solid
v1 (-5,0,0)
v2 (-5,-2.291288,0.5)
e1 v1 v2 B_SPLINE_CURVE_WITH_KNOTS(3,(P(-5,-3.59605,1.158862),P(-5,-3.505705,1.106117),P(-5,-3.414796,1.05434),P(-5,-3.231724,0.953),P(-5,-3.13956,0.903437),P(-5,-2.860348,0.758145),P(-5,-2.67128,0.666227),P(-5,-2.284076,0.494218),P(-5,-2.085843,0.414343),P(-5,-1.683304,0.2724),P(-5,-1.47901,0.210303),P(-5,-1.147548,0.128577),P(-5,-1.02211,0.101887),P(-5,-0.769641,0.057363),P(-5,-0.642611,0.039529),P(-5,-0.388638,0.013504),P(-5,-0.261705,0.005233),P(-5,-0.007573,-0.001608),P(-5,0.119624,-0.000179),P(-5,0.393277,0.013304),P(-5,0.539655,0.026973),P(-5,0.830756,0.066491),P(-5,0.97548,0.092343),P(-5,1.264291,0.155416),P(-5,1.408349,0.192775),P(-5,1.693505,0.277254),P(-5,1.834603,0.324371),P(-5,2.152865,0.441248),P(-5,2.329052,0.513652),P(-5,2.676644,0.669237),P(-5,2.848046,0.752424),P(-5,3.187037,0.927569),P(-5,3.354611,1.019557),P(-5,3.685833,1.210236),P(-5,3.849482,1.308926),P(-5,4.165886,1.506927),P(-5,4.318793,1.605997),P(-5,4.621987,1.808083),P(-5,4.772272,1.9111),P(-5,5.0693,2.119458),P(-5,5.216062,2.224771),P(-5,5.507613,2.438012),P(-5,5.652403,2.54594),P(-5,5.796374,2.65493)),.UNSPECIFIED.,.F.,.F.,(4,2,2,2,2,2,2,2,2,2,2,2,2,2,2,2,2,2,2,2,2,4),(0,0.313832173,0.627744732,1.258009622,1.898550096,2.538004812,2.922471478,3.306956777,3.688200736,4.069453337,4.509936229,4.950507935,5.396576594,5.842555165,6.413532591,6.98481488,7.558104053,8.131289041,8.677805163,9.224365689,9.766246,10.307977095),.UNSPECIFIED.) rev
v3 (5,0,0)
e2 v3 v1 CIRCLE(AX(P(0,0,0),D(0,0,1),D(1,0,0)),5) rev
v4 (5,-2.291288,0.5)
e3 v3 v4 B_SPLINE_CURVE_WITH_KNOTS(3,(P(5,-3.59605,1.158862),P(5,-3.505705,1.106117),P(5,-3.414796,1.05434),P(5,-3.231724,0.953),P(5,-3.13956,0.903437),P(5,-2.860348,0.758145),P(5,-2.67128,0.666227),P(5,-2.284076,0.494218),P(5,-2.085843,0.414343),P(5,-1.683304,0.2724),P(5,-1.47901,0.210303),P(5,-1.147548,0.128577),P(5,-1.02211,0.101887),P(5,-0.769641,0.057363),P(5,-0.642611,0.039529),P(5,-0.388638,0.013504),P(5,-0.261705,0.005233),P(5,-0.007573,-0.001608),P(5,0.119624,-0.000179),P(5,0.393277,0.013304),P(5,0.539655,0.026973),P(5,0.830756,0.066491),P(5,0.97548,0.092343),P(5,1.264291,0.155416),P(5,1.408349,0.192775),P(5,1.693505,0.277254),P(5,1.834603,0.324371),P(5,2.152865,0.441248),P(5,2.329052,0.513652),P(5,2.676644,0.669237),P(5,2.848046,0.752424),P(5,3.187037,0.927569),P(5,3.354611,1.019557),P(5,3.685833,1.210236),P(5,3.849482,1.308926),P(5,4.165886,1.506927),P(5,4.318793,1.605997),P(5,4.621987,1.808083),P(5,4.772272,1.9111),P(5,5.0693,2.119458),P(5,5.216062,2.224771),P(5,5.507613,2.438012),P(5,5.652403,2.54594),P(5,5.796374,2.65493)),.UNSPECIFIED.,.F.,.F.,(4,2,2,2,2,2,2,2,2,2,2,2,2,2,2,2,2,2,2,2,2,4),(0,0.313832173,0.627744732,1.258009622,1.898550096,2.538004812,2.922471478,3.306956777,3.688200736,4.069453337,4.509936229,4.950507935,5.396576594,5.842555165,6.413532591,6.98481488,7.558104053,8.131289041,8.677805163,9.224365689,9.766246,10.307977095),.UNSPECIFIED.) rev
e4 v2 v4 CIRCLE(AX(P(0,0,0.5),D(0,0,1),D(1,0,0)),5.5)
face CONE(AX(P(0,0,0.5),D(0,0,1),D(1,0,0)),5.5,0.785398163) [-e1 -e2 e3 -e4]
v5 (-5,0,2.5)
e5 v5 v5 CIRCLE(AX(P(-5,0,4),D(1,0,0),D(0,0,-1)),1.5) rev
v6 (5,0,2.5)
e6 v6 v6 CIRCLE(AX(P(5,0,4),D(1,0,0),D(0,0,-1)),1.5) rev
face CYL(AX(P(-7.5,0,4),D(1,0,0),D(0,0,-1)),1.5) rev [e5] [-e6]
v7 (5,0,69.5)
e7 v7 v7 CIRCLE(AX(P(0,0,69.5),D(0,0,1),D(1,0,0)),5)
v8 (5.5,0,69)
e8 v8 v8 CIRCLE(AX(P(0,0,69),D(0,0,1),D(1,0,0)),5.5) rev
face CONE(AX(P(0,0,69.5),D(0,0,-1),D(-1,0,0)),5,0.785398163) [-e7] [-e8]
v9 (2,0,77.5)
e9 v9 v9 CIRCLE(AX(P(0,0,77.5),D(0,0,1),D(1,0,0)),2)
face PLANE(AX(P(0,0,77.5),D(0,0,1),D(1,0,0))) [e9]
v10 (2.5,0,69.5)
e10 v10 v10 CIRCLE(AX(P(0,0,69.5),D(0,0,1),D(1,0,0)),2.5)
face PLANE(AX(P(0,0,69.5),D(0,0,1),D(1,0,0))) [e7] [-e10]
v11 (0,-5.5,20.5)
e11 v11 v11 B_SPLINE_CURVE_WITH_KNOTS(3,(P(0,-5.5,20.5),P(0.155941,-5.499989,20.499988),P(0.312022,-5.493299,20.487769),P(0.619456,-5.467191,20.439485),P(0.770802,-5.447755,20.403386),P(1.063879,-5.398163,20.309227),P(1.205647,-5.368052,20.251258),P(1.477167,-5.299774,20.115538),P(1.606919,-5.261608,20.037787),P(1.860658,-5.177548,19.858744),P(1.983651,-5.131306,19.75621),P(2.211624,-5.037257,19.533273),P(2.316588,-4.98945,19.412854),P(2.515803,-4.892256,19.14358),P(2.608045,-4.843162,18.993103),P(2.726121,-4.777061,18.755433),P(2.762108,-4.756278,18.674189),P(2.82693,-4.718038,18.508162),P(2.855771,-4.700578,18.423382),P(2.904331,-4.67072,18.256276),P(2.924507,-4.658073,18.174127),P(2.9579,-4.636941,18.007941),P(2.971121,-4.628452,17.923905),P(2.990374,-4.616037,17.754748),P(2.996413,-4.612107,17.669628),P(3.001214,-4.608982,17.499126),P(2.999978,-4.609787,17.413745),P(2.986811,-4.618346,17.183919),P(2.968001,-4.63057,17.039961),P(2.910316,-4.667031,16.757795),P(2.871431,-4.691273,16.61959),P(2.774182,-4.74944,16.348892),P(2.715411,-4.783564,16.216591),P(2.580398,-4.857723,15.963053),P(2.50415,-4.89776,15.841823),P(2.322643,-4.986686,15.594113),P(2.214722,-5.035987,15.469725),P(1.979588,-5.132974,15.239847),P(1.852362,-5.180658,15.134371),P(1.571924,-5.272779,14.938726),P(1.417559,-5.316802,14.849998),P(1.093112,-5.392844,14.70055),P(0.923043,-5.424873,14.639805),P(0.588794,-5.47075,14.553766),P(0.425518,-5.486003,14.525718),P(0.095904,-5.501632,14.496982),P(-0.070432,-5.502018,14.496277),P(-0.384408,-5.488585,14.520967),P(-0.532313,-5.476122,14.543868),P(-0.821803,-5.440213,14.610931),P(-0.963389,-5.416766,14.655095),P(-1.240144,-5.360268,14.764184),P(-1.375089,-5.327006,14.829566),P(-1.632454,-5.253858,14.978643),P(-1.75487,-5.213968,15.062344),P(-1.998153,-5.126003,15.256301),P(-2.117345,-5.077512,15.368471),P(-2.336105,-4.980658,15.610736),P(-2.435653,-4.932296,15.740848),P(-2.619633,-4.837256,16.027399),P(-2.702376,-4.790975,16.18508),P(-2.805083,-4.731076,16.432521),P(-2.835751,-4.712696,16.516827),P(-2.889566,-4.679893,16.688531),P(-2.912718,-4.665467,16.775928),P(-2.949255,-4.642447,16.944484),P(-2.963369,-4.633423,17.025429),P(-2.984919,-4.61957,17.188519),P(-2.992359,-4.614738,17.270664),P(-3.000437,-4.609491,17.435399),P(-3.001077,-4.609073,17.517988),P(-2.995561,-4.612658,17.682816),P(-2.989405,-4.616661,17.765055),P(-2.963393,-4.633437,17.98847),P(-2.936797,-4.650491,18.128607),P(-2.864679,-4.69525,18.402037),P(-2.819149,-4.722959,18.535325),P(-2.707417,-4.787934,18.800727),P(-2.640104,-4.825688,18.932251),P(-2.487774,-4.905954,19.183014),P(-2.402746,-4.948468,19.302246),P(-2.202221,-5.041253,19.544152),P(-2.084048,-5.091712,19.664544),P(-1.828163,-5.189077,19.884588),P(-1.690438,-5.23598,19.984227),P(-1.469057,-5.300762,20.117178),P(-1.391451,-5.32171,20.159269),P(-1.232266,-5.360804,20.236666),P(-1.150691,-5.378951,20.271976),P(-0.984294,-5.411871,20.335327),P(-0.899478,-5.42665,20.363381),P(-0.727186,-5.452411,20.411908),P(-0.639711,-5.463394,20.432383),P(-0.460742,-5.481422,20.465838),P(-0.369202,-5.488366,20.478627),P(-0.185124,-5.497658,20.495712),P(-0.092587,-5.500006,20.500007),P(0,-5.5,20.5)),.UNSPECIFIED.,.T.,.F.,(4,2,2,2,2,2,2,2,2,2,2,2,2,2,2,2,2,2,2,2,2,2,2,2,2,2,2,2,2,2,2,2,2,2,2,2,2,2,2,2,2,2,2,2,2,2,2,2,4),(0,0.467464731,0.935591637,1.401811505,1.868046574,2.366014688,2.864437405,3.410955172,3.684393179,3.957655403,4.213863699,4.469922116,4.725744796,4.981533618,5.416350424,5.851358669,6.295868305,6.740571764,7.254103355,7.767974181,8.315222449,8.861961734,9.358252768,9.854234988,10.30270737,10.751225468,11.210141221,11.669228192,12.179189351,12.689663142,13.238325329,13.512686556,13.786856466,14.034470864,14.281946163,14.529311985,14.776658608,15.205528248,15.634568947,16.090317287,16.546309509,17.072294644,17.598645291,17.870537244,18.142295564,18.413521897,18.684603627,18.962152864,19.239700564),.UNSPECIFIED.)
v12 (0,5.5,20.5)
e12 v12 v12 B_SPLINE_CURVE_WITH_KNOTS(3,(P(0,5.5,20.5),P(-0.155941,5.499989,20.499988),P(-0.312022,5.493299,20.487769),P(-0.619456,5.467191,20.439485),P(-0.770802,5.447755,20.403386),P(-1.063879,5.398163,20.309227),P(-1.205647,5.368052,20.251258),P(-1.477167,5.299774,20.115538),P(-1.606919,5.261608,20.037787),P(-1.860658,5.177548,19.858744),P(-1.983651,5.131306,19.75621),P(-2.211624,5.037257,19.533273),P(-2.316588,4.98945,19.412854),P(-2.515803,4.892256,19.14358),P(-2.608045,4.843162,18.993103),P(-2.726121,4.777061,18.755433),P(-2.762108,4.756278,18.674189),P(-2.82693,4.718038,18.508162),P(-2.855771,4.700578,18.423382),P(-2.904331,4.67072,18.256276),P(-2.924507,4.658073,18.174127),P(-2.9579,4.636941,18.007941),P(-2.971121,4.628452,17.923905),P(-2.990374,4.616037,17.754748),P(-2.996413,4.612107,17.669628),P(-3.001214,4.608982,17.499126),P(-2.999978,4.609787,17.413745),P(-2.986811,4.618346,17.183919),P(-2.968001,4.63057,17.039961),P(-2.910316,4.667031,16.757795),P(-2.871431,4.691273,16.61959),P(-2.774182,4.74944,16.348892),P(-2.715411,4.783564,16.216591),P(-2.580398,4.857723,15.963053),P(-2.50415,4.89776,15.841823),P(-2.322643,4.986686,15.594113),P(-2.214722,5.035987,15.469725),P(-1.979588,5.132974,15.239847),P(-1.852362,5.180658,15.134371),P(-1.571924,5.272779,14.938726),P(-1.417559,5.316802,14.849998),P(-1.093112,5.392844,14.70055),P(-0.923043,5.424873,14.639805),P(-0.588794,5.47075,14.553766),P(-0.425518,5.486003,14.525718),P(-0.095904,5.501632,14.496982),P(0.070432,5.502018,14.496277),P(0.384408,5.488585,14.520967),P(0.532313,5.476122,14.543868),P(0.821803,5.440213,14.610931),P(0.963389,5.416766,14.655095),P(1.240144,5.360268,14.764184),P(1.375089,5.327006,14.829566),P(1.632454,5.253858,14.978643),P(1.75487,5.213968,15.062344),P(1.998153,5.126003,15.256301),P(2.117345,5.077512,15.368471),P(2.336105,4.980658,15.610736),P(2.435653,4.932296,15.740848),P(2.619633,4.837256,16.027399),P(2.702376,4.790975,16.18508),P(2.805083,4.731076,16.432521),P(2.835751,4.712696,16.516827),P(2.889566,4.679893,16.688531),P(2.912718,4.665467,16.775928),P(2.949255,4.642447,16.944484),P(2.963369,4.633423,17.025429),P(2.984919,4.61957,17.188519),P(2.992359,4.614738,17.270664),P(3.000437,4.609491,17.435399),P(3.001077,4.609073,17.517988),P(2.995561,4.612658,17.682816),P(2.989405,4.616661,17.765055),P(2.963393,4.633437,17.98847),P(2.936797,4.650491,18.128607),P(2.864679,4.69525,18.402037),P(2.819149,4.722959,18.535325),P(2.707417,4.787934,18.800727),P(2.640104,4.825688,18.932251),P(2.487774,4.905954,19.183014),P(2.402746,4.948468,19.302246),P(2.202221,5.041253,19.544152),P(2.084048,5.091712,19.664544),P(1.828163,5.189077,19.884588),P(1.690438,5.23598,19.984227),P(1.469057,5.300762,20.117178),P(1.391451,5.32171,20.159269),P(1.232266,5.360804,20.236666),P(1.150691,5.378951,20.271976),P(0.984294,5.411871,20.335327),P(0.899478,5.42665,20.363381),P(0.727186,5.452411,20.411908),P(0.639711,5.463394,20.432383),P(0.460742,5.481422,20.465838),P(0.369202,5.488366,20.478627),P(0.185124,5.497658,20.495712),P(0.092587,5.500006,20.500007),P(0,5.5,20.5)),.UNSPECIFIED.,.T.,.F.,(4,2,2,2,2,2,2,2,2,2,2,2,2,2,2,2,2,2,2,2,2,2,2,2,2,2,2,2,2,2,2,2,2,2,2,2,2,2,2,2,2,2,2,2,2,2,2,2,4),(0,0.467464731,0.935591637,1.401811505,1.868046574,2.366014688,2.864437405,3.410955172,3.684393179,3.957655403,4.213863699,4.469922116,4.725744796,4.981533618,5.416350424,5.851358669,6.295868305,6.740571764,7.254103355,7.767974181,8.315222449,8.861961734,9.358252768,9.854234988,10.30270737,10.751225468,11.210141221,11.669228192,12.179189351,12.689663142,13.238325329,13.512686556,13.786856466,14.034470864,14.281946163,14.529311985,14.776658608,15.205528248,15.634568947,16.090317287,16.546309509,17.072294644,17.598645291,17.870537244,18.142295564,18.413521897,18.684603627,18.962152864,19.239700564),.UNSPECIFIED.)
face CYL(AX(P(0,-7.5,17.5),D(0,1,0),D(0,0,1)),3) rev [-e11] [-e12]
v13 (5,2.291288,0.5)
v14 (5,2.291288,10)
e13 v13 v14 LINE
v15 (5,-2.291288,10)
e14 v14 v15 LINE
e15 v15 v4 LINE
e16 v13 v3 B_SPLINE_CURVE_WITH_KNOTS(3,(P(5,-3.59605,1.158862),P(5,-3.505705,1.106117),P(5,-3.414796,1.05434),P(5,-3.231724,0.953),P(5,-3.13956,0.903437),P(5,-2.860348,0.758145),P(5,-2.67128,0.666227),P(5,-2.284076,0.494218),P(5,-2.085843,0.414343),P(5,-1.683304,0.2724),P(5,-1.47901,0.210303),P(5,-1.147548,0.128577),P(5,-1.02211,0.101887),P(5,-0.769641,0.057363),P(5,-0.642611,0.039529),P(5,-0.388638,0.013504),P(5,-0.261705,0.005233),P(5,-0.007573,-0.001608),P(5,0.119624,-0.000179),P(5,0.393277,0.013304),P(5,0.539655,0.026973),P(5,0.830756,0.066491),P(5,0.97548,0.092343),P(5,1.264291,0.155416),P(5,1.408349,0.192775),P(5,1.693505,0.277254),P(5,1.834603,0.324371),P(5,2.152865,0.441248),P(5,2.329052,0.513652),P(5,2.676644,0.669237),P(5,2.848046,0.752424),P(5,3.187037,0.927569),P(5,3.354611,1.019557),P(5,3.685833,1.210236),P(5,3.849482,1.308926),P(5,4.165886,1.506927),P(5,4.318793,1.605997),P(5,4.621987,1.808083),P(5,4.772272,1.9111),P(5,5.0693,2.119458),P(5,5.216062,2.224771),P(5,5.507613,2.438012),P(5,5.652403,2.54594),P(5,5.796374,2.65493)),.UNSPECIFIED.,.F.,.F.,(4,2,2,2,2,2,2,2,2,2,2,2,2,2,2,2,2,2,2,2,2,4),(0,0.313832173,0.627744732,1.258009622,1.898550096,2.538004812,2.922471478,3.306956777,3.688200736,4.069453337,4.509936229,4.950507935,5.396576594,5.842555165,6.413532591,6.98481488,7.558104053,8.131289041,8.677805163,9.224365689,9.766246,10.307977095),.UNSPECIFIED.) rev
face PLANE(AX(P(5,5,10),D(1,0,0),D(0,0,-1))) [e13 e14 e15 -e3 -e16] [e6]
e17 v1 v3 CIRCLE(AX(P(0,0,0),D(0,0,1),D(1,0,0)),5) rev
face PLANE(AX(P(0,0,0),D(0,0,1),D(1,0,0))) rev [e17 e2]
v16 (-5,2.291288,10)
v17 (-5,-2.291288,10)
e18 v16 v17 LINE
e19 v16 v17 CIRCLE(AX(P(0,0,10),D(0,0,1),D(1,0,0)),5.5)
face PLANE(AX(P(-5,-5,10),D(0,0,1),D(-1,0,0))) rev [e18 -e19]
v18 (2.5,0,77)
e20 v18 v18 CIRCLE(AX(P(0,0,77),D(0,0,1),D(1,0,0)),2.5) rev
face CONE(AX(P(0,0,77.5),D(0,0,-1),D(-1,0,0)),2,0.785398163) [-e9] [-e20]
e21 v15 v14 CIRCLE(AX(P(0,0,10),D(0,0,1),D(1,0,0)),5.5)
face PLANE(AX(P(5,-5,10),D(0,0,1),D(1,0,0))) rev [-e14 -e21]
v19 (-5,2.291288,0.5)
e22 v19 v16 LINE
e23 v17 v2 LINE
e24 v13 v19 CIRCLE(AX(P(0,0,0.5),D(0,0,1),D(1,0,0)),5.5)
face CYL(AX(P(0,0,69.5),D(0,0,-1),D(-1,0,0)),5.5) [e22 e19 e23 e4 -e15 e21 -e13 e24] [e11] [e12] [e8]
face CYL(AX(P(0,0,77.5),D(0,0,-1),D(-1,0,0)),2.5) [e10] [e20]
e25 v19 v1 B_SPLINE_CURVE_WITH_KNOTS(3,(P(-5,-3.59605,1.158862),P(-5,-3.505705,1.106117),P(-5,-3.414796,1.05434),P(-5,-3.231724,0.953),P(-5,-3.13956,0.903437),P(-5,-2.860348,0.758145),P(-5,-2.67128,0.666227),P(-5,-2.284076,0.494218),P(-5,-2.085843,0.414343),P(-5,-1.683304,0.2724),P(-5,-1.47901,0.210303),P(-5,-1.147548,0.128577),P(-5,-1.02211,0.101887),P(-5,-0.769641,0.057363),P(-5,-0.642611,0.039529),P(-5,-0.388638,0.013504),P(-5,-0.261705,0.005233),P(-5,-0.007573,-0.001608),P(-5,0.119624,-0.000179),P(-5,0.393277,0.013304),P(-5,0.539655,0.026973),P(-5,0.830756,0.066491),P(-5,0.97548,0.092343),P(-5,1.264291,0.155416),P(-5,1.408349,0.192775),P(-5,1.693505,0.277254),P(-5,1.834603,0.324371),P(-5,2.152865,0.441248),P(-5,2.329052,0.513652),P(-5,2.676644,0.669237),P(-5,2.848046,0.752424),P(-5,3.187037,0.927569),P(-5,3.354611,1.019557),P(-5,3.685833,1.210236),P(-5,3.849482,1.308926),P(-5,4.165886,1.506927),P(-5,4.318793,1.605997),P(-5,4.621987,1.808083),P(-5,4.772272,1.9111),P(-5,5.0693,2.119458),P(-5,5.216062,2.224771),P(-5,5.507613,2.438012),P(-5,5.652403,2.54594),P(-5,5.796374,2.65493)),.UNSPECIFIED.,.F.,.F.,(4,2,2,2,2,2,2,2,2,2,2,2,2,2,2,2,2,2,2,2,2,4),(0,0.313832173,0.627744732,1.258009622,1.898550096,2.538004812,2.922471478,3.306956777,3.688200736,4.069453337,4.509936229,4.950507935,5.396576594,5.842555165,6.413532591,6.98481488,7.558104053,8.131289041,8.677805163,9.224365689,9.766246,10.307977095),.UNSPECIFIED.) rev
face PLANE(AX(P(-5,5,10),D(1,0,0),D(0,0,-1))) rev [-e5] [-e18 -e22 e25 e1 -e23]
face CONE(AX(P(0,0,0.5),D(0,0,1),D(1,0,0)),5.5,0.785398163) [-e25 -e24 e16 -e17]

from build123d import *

# Parameters (mm, degrees)
SKETCH_1_R          = 5.5
EXTRUDE_1_DEPTH     = 69.5
CHAMFER_1_SIZE      = 0.5
SKETCH_2_R          = 2.5
EXTRUDE_2_DEPTH     = 8
CHAMFER_2_SIZE      = 0.5
SKETCH_5_R          = 1.5
CUT_EXTRUDE_3_DEPTH = 7.5
SKETCH_6_R          = 3
CUT_EXTRUDE_4_DEPTH = 7.5
SKETCH_7_W          = 2
SKETCH_7_H          = 10
CUT_EXTRUDE_5_DEPTH = 10


with BuildPart() as part:
    # 草图1 → 拉伸1 (new body)
    with BuildSketch(Plane.XY):
        Circle(SKETCH_1_R)
    extrude(amount=EXTRUDE_1_DEPTH)

    # 倒角1
    chamfer_1_edges = [part.edges().sort_by_distance(p)[0] for p in [
        (-5.5, 0, 0),
        (-5.5, 0, 69.5),
    ]]
    chamfer(chamfer_1_edges, length=CHAMFER_1_SIZE)

    # 草图2 → 拉伸2 (add)
    with BuildSketch(Plane.XY.offset(69.5)):
        Circle(SKETCH_2_R)
    extrude(amount=EXTRUDE_2_DEPTH)

    # 倒角2
    chamfer_2_edges = [part.edges().sort_by_distance(p)[0] for p in [
        (-2.5, 0, 77.5),
    ]]
    chamfer(chamfer_2_edges, length=CHAMFER_2_SIZE)

    # 草图5 → 拉伸3 (cut, symmetric)
    with BuildSketch(Plane(origin=(0, 0, 0), x_dir=(0, 0, -1), z_dir=(1, 0, 0))):
        with Locations(Location((-4, 0, 0), (0, 0, 180))):
            Circle(SKETCH_5_R)
    extrude(amount=CUT_EXTRUDE_3_DEPTH, both=True, mode=Mode.SUBTRACT)

    # 草图6 → 拉伸4 (cut, symmetric)
    with BuildSketch(Plane(origin=(0, 0, 0), x_dir=(1, 0, 0), z_dir=(0, 1, 0))):
        with Locations(Location((0, -17.5, 0), (0, 0, 270))):
            Circle(SKETCH_6_R)
    extrude(amount=CUT_EXTRUDE_4_DEPTH, both=True, mode=Mode.SUBTRACT)

    # 草图7 → 拉伸5 (cut)
    with BuildSketch(Plane.XY):
        with Locations((6, 0)):
            Rectangle(SKETCH_7_W, SKETCH_7_H)
    cut_extrude_5 = extrude(amount=CUT_EXTRUDE_5_DEPTH, mode=Mode.SUBTRACT)

    # 镜向1: 拉伸5 across plane
    add(cut_extrude_5.mirror(Plane(origin=(0, 0, 0), x_dir=(0, 0, 1), z_dir=(1, 0, 0))), mode=Mode.SUBTRACT)


solid = part.part
